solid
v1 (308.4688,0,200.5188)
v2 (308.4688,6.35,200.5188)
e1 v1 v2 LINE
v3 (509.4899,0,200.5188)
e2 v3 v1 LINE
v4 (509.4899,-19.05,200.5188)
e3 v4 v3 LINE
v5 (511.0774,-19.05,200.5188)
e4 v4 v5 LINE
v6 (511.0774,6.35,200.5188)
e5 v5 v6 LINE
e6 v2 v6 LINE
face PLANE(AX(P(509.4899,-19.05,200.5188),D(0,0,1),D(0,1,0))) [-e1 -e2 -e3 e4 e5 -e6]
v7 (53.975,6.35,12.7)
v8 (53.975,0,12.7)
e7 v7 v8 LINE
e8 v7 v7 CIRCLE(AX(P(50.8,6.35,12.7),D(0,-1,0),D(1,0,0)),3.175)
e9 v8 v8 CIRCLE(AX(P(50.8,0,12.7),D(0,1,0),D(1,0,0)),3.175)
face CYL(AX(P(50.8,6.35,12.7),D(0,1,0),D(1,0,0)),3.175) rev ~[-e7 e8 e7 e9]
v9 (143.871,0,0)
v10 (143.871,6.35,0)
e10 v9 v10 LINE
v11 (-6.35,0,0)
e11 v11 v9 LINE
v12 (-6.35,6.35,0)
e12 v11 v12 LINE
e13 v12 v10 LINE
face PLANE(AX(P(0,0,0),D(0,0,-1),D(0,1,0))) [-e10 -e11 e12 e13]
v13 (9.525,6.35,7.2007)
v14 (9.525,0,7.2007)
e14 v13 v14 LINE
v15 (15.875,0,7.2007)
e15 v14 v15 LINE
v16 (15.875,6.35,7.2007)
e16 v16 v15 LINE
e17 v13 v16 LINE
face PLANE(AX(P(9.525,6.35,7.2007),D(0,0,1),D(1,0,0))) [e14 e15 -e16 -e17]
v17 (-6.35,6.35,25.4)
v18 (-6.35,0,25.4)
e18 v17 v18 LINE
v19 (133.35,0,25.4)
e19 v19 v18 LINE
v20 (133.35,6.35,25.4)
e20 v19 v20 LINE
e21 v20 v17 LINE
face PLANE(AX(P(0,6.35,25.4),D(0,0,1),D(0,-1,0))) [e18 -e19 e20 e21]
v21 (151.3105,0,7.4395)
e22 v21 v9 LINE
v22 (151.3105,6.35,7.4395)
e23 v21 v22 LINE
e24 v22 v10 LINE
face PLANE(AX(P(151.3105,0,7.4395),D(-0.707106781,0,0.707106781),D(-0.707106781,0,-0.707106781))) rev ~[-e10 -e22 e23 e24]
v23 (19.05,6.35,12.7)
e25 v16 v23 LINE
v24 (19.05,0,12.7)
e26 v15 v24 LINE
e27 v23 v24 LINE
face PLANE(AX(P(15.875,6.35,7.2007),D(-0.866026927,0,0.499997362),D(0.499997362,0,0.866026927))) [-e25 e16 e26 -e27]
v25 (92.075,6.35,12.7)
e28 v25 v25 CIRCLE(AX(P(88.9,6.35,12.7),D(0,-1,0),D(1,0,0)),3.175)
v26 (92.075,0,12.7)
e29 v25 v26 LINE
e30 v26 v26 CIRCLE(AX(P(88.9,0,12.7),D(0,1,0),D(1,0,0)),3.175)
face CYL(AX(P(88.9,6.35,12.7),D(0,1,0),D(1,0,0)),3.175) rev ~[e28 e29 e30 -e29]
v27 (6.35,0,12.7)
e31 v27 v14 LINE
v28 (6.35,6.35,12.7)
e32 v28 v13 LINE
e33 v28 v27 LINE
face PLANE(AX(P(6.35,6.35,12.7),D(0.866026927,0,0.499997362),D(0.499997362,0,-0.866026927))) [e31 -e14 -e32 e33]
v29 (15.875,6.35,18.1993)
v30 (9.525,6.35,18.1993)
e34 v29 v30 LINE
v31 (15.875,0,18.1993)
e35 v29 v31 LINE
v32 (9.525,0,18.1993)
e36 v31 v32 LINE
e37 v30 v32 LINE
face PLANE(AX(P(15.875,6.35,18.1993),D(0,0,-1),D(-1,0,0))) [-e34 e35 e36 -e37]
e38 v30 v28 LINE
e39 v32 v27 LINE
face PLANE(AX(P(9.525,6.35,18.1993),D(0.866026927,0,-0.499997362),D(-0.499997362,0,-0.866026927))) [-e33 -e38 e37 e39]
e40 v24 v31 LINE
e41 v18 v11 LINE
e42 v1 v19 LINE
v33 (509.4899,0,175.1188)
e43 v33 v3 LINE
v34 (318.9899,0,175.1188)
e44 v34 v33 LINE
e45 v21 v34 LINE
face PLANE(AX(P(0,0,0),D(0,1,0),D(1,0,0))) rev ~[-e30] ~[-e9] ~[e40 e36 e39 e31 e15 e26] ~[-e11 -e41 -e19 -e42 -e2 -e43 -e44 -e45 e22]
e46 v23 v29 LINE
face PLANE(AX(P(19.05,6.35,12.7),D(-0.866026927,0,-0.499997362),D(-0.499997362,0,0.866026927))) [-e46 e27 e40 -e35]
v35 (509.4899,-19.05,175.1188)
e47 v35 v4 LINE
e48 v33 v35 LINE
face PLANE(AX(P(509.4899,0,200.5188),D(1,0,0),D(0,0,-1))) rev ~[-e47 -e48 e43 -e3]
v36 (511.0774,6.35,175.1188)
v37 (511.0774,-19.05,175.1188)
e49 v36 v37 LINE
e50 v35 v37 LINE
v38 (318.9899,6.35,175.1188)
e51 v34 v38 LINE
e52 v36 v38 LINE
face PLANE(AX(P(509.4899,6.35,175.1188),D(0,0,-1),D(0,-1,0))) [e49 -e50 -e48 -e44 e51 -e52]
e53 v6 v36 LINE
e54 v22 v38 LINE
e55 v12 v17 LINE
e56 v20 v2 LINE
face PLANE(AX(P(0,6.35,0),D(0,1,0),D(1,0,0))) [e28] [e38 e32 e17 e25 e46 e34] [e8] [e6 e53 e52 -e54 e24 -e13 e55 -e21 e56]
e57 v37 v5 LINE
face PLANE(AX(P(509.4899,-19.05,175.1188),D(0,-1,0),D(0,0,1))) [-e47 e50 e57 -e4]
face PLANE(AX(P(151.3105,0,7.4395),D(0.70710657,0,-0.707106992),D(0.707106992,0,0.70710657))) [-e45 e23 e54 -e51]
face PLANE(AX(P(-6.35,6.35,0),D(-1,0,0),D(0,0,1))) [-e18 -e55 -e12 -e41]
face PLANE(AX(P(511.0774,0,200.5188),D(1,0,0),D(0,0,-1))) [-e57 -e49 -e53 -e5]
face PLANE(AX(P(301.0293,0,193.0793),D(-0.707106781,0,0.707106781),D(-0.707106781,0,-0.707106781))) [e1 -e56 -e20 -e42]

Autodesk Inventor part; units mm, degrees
ref_plane "YZ Plane" through (0, 0, 0) normal (1, 0, 0) x (0, 1, 0)
ref_plane "XZ Plane" through (0, 0, 0) normal (0, 1, 0) x (-1, 0, 0)
ref_plane "XY Plane" through (0, 0, 0) normal (0, 0, 1) x (1, 0, 0)
sketch "Sketch1" plane through (0, 0, 0) normal (0, 1, 0) x (-1, 0, 0)
  line L0 (0, 0) -> (-133.35, 0)
  line L1 (-133.35, 0) -> (-133.35, 25.4)
  line L2 (-133.35, 25.4) -> (0, 25.4)
  line L3 (0, 25.4) -> (0, 0)
  line L4 (-133.35, 25.4) -> (-143.871, 0)
  line L5 (-133.35, 25.4) -> (-105.8572, 25.4) construction
  line L6 (-133.35, 25.4) -> (-151.3105, 7.4395)
  line L7 (-133.35, 25.4) -> (-107.95, 25.4) construction
  line L8 (-151.3105, 7.4395) -> (-143.871, 0)
  line L9 (-133.35, 25.4) -> (-151.3105, 7.4395)
  line L10 (-151.3105, 7.4395) -> (-318.9899, 175.1188)
  line L11 (-318.9899, 175.1188) -> (-301.0293, 193.0793)
  line L12 (-301.0293, 193.0793) -> (-133.35, 25.4)
  circle A0 centre (-12.7, 12.7) radius 6.35
  line L13 (-318.9899, 175.1188) -> (-509.4899, 175.1188)
  line L14 (-509.4899, 175.1188) -> (-509.4899, 200.5188)
  line L15 (-509.4899, 200.5188) -> (-318.9899, 200.5188)
  line L16 (-318.9899, 200.5188) -> (-318.9899, 175.1188)
  line L17 (-318.9899, 175.1188) -> (-308.4688, 200.5188)
  line L18 (-308.4688, 200.5188) -> (-318.9899, 200.5188)
  line L19 (-308.4688, 200.5188) -> (-301.0293, 193.0793)
  line L20 (-133.35, 0) -> (-143.871, 0)
  dimension "d0" = 133.35
  dimension "d1" = 25.4
  dimension "d2" = 112.5
  dimension "d3" = 25.4
  dimension "d4" = 135
  dimension "d5" = 237.1344
  dimension "d6" = 12.7
  dimension "d7" = 190.5
  dimension "d8" = 25.4
extrude "Extrusion1" add sketch "Sketch1" along normal blind 6.35
sketch "Sketch2" plane through (509.4899, 0, 200.5188) normal (1, 0, 0) x (0, 0, -1)
  line L0 (0, 6.35) -> (25.4, 6.35)
  line L1 (25.4, 6.35) -> (25.4, -19.05)
  line L2 (25.4, -19.05) -> (0, -19.05)
  line L3 (0, -19.05) -> (0, 6.35)
  point P0 (200.5188, 0)
  dimension "d11" = 25.4
  dimension "d12" = 25.4
extrude "Extrusion2" add sketch "Sketch2" along normal blind 1.5875
sketch "Sketch3" plane through (0, 0, 0) normal (-1, 0, 0) x (0, 0, 1)
  line L0 (0, 0) -> (25.4, 0) projected
  line L1 (25.4, 0) -> (25.4, 6.35) projected
  line L2 (0, 6.35) -> (25.4, 6.35) projected
  line L3 (0, 0) -> (0, 6.35) projected
extrude "Extrusion3" add sketch "Sketch3" along normal blind 44.45
sketch "Sketch6" plane through (0, 6.35, 0) normal (0, 1, 0) x (1, 0, 0)
  circle A0 centre (12.7, -12.7) radius 6.35 projected
  line L0 (318.9899, -175.1188) -> (511.0774, -175.1188) projected
  line L1 (12.7, -12.7) -> (12.7, -6.35)
  line L2 (16.3662, -6.35) -> (20.0323, -12.7)
  line L3 (20.0323, -12.7) -> (16.3662, -19.05)
  line L4 (16.3662, -19.05) -> (9.0338, -19.05)
  line L5 (9.0338, -19.05) -> (5.3677, -12.7)
  line L6 (5.3677, -12.7) -> (9.0338, -6.35)
  line L7 (9.0338, -6.35) -> (16.3662, -6.35)
  point P0 (0, 0)
extrude "Extrusion5" cut sketch "Sketch6" against normal blind 6.35 contours A0 L2 L3 | A0 L7 L2 | L3 L4 A0 | A0 L6 L7 | L4 L5 A0 | A0 L5 L6
sketch "Sketch8" plane through (0, 6.35, 0) normal (0, 1, 0) x (1, 0, 0)
  line L0 (143.871, 0) -> (-44.45, 0) projected
  line L1 (-44.45, -25.4) -> (-44.45, 0) projected
  line L2 (318.9899, -175.1188) -> (511.0774, -175.1188) projected
  line L3 (-44.45, -12.7) -> (12.7, -12.7)
  line L4 (12.7, -12.7) -> (12.7, 0)
  line L5 (12.7, -12.7) -> (-25.4, -12.7)
  line L6 (-25.4, -12.7) -> (50.8, -12.7)
  circle A0 centre (-25.4, -12.7) radius 3.175
  circle A1 centre (50.8, -12.7) radius 3.175
  point P0 (0, 0)
  dimension "d29" = 57.15
  dimension "d30" = 38.1
  dimension "d31" = 76.2
  dimension "d32" = 0
  dimension "d33" = 6.35
  dimension "d34" = 6.35
extrude "Extrusion7" cut sketch "Sketch8" against normal blind 25.4 contours A1 | A0 L3 | L3 A0
sketch "Sketch9" plane through (0, 6.35, 0) normal (0, 1, 0) x (1, 0, 0)
  circle A0 centre (50.8, -12.7) radius 3.175 projected
  circle A1 centre (-25.4, -12.7) radius 3.175 projected
  line L0 (-44.45, 0) -> (0, 0)
  line L1 (0, 0) -> (0, -25.4)
  line L2 (0, -25.4) -> (-44.45, -25.4)
  line L3 (-44.45, -25.4) -> (-44.45, 0)
  line L4 (0, -12.7) -> (12.7, -12.7)
  line L5 (12.7, -12.7) -> (50.8, -12.7)
  line L6 (50.8, -12.7) -> (88.9, -12.7)
  line L7 (50.8, -12.7) -> (88.9, -12.7) construction
  circle A2 centre (88.9, -12.7) radius 3.175
  dimension "d37" = 44.45
  dimension "d38" = 25.4
  dimension "d39" = 38.1
  dimension "d40" = 0
  dimension "d41" = 6.35
extrude "Extrusion8" cut sketch "Sketch9" against normal blind 25.4 contours L1 L2 L3 L0 | A2
sketch "Sketch10" plane through (0, 6.35, 0) normal (-1, 0, 0) x (0, 0, 1)
  line L0 (25.4, -6.35) -> (0, -6.35) projected
  line L1 (25.4, 0) -> (25.4, -6.35) projected
  line L2 (0, 0) -> (25.4, 0) projected
  line L3 (0, -6.35) -> (0, 0) projected
extrude "Extrusion9" add sketch "Sketch10" along normal blind 6.35
sketch "Sketch11" plane through (0, 6.35, 0) normal (0, 1, 0) x (1, 0, 0)
  line L0 (-6.35, -25.4) -> (-6.35, 0) projected
  line L1 (5.3677, -12.7) -> (9.0338, -6.35) projected
  line L2 (9.0338, -6.35) -> (16.3662, -6.35) projected
  line L3 (16.3662, -6.35) -> (20.0323, -12.7) projected
  line L4 (20.0323, -12.7) -> (16.3662, -19.05) projected
  line L5 (16.3662, -19.05) -> (9.0338, -19.05) projected
  line L6 (9.0338, -19.05) -> (5.3677, -12.7) projected
  line L7 (-6.35, -12.7) -> (12.7, -12.7)
  line L8 (12.7, -12.7) -> (6.35, -12.7)
  line L9 (12.7, -12.7) -> (19.05, -12.7) construction
  line L10 (6.35, -12.7) -> (9.525, -7.2007)
  line L11 (9.525, -7.2007) -> (15.875, -7.2007)
  line L12 (15.875, -7.2007) -> (19.05, -12.7)
  line L13 (19.05, -12.7) -> (15.875, -18.1993)
  line L14 (15.875, -18.1993) -> (9.525, -18.1993)
  line L15 (9.525, -18.1993) -> (6.35, -12.7)
  point P0 (0, 0)
  dimension "d46" = 6.35
  dimension "d47" = 180
extrude "Extrusion10" add sketch "Sketch11" against normal blind 6.35
properties part number "Z-PickupArm-R"
